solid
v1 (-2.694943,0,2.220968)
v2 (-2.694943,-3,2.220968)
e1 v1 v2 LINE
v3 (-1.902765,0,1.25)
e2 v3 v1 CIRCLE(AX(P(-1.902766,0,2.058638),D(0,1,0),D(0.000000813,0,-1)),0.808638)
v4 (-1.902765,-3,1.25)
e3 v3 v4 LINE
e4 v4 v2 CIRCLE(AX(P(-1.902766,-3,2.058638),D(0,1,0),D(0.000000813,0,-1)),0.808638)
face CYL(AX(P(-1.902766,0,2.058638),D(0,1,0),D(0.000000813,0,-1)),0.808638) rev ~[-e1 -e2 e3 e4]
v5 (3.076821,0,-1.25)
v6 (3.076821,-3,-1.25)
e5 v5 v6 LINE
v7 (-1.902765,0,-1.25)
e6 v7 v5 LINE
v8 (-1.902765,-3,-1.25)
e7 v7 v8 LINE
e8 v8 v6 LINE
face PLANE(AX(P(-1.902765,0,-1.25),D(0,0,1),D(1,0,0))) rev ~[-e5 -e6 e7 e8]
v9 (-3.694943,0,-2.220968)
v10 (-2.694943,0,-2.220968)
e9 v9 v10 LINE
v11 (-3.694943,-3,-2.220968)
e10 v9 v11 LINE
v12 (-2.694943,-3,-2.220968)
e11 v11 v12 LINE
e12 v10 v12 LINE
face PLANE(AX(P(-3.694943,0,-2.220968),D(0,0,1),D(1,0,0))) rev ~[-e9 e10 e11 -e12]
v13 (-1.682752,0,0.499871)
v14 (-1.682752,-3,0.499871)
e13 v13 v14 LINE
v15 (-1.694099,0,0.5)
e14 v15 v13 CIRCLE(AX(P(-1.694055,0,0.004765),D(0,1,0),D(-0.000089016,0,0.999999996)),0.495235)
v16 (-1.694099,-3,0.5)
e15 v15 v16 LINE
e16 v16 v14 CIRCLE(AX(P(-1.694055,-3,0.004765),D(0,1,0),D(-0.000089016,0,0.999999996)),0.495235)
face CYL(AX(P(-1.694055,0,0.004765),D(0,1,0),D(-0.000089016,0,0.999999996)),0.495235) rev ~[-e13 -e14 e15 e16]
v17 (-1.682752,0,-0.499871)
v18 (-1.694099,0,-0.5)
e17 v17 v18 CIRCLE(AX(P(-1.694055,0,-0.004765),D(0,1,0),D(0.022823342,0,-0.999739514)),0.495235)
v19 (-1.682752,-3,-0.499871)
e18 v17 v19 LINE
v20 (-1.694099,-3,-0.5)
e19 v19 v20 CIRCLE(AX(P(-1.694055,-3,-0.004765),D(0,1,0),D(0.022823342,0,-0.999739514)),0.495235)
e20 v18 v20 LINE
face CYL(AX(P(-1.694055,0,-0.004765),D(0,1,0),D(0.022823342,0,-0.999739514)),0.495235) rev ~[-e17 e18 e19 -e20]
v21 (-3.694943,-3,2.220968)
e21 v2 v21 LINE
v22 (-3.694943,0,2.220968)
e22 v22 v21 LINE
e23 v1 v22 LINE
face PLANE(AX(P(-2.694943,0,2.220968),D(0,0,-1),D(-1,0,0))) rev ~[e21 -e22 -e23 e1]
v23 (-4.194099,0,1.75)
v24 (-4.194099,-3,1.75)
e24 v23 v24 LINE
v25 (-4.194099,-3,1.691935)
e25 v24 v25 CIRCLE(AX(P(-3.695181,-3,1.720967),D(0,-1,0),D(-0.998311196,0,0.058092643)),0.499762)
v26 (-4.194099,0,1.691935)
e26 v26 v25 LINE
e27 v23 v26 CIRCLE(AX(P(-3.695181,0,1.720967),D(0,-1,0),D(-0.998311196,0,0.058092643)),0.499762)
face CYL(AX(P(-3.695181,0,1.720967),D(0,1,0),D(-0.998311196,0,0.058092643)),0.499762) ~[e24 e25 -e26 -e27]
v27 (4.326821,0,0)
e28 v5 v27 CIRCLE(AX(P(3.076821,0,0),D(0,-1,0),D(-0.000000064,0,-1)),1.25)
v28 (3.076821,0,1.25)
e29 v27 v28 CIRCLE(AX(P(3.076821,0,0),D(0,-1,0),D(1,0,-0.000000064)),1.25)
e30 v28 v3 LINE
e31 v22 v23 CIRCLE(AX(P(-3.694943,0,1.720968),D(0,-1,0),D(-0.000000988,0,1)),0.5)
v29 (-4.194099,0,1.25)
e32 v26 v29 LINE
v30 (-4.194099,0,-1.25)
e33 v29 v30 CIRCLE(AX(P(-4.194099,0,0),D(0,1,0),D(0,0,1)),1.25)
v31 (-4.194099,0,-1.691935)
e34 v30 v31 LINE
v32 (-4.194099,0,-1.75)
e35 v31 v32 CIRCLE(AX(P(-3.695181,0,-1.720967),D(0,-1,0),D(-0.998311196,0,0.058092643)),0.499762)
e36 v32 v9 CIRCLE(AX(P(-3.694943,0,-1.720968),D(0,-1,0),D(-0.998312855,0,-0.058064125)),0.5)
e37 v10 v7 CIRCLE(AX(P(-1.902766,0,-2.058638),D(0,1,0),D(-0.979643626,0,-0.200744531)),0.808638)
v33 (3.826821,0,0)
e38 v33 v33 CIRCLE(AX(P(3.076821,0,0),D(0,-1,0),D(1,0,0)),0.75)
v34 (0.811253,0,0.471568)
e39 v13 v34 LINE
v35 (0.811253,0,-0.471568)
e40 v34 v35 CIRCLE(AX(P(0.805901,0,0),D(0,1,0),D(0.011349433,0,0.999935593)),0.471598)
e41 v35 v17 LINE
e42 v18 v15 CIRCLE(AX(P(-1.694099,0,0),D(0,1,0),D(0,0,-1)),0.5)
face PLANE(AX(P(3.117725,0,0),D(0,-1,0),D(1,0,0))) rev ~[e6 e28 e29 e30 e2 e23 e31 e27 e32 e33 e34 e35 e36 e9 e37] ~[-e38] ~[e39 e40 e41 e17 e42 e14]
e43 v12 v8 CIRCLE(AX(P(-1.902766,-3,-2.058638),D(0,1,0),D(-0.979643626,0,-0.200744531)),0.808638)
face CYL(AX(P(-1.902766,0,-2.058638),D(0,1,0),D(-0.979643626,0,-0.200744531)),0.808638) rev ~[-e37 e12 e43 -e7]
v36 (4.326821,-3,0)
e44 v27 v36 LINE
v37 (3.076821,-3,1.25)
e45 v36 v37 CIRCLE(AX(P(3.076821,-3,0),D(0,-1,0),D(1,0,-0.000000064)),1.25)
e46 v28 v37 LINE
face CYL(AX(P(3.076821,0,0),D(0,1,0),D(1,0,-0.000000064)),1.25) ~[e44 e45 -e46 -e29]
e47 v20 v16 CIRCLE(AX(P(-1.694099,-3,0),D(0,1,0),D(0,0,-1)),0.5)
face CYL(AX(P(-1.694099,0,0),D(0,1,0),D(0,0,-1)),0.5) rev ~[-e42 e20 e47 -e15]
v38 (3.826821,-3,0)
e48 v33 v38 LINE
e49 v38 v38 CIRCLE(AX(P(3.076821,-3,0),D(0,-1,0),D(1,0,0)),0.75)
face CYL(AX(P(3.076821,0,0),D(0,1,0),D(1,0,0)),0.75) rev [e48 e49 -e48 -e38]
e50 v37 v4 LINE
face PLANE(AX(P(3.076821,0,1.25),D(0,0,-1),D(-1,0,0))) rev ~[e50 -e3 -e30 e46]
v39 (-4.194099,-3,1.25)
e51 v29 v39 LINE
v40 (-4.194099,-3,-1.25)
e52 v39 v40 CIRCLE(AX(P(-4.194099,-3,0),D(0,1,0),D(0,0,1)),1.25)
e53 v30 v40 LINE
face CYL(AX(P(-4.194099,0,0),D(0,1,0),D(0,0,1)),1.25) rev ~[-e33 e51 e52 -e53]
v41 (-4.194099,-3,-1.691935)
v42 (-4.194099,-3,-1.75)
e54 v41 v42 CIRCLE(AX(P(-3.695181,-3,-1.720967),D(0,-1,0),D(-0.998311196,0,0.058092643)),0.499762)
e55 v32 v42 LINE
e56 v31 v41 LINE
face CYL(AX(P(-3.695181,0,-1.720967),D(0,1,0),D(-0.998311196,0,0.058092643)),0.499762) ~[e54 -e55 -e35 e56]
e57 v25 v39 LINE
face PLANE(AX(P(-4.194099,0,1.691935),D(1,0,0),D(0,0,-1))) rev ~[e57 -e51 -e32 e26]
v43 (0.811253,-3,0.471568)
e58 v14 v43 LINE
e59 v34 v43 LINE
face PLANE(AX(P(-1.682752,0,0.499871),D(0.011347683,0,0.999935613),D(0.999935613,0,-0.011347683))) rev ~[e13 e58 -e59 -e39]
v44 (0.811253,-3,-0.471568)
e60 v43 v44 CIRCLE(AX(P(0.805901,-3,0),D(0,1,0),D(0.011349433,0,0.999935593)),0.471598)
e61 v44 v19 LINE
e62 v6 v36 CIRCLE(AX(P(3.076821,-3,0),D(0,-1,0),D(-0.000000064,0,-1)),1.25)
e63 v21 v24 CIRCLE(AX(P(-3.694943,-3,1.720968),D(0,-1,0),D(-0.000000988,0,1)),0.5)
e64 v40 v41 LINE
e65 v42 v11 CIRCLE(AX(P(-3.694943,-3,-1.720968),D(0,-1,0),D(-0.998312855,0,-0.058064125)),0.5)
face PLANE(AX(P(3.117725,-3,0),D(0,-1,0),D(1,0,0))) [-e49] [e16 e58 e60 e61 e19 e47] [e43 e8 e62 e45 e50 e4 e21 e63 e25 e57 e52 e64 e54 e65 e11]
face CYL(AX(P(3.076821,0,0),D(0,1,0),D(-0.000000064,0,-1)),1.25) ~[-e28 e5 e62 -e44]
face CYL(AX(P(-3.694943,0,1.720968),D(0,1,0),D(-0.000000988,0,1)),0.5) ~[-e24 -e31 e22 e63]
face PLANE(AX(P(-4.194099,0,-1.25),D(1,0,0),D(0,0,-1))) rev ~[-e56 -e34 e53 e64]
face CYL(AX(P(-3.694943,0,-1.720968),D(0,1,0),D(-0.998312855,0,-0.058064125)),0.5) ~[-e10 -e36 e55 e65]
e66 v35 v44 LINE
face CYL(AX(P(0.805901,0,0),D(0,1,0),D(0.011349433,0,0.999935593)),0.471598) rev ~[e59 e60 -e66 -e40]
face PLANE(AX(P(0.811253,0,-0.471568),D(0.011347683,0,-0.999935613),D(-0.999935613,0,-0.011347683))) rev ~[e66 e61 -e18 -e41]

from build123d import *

# Parameters (mm, degrees)
F0_R     = 0.75
F1_DEPTH = 3


with BuildPart() as f1:
    # F0 (on Front) → F1 (new body)
    with BuildSketch(Plane.XZ):
        with BuildLine():
            ThreePointArc((3.076821, -1.25), (3.960705, -0.883883), (4.326821, 0))
            ThreePointArc((4.326821, 0), (3.960705, 0.883883), (3.076821, 1.25))
            ThreePointArc((3.076821, 1.25), (1.826821, 0), (3.076821, -1.25))
        make_face()
        with Locations((3.076821, 0)):
            Circle(F0_R, mode=Mode.SUBTRACT)
        with BuildLine():
            ThreePointArc((3.076821, -1.25), (1.826821, 0), (3.076821, 1.25))
            Line((3.076821, 1.25), (-1.902765, 1.25))
            ThreePointArc((-1.902765, 1.25), (-2.529328, 1.547448), (-2.694943, 2.220968))
            Line((-2.694943, 2.220968), (-3.694943, 2.220968))
            ThreePointArc((-3.694943, 2.220968), (-4.038078, 2.084641), (-4.194099, 1.75))
            Line((-4.194099, 1.75), (-4.194099, 1.691935))
            Line((-4.194099, 1.691935), (-4.194099, 1.25))
            ThreePointArc((-4.194099, 1.25), (-2.944099, 0), (-4.194099, -1.25))
            Line((-4.194099, -1.25), (-4.194099, -1.691935))
            Line((-4.194099, -1.691935), (-4.194099, -1.75))
            ThreePointArc((-4.194099, -1.75), (-4.038078, -2.084641), (-3.694943, -2.220968))
            Line((-3.694943, -2.220968), (-2.694943, -2.220968))
            ThreePointArc((-2.694943, -2.220968), (-2.529328, -1.547448), (-1.902765, -1.25))
            Line((-1.902765, -1.25), (3.076821, -1.25))
        make_face()
        with BuildLine():
            ThreePointArc((-1.694099, 0.5), (-1.688425, 0.499968), (-1.682752, 0.499871))
            Line((-1.682752, 0.499871), (0.811253, 0.471568))
            ThreePointArc((0.811253, 0.471568), (1.277499, 0), (0.811253, -0.471568))
            Line((0.811253, -0.471568), (-1.682752, -0.499871))
            ThreePointArc((-1.682752, -0.499871), (-1.688425, -0.499968), (-1.694099, -0.5))
            ThreePointArc((-1.694099, -0.5), (-2.194099, 0), (-1.694099, 0.5))
        make_face(mode=Mode.SUBTRACT)
        with BuildLine():
            Line((-4.194099, 1.691935), (-4.194099, 1.75))
            ThreePointArc((-4.194099, 1.75), (-4.194943, 1.720968), (-4.194099, 1.691935))
        make_face()
        with BuildLine():
            ThreePointArc((-4.194099, -1.691935), (-4.194943, -1.720968), (-4.194099, -1.75))
            Line((-4.194099, -1.75), (-4.194099, -1.691935))
        make_face()
    extrude(amount=F1_DEPTH)


solid = f1.part
